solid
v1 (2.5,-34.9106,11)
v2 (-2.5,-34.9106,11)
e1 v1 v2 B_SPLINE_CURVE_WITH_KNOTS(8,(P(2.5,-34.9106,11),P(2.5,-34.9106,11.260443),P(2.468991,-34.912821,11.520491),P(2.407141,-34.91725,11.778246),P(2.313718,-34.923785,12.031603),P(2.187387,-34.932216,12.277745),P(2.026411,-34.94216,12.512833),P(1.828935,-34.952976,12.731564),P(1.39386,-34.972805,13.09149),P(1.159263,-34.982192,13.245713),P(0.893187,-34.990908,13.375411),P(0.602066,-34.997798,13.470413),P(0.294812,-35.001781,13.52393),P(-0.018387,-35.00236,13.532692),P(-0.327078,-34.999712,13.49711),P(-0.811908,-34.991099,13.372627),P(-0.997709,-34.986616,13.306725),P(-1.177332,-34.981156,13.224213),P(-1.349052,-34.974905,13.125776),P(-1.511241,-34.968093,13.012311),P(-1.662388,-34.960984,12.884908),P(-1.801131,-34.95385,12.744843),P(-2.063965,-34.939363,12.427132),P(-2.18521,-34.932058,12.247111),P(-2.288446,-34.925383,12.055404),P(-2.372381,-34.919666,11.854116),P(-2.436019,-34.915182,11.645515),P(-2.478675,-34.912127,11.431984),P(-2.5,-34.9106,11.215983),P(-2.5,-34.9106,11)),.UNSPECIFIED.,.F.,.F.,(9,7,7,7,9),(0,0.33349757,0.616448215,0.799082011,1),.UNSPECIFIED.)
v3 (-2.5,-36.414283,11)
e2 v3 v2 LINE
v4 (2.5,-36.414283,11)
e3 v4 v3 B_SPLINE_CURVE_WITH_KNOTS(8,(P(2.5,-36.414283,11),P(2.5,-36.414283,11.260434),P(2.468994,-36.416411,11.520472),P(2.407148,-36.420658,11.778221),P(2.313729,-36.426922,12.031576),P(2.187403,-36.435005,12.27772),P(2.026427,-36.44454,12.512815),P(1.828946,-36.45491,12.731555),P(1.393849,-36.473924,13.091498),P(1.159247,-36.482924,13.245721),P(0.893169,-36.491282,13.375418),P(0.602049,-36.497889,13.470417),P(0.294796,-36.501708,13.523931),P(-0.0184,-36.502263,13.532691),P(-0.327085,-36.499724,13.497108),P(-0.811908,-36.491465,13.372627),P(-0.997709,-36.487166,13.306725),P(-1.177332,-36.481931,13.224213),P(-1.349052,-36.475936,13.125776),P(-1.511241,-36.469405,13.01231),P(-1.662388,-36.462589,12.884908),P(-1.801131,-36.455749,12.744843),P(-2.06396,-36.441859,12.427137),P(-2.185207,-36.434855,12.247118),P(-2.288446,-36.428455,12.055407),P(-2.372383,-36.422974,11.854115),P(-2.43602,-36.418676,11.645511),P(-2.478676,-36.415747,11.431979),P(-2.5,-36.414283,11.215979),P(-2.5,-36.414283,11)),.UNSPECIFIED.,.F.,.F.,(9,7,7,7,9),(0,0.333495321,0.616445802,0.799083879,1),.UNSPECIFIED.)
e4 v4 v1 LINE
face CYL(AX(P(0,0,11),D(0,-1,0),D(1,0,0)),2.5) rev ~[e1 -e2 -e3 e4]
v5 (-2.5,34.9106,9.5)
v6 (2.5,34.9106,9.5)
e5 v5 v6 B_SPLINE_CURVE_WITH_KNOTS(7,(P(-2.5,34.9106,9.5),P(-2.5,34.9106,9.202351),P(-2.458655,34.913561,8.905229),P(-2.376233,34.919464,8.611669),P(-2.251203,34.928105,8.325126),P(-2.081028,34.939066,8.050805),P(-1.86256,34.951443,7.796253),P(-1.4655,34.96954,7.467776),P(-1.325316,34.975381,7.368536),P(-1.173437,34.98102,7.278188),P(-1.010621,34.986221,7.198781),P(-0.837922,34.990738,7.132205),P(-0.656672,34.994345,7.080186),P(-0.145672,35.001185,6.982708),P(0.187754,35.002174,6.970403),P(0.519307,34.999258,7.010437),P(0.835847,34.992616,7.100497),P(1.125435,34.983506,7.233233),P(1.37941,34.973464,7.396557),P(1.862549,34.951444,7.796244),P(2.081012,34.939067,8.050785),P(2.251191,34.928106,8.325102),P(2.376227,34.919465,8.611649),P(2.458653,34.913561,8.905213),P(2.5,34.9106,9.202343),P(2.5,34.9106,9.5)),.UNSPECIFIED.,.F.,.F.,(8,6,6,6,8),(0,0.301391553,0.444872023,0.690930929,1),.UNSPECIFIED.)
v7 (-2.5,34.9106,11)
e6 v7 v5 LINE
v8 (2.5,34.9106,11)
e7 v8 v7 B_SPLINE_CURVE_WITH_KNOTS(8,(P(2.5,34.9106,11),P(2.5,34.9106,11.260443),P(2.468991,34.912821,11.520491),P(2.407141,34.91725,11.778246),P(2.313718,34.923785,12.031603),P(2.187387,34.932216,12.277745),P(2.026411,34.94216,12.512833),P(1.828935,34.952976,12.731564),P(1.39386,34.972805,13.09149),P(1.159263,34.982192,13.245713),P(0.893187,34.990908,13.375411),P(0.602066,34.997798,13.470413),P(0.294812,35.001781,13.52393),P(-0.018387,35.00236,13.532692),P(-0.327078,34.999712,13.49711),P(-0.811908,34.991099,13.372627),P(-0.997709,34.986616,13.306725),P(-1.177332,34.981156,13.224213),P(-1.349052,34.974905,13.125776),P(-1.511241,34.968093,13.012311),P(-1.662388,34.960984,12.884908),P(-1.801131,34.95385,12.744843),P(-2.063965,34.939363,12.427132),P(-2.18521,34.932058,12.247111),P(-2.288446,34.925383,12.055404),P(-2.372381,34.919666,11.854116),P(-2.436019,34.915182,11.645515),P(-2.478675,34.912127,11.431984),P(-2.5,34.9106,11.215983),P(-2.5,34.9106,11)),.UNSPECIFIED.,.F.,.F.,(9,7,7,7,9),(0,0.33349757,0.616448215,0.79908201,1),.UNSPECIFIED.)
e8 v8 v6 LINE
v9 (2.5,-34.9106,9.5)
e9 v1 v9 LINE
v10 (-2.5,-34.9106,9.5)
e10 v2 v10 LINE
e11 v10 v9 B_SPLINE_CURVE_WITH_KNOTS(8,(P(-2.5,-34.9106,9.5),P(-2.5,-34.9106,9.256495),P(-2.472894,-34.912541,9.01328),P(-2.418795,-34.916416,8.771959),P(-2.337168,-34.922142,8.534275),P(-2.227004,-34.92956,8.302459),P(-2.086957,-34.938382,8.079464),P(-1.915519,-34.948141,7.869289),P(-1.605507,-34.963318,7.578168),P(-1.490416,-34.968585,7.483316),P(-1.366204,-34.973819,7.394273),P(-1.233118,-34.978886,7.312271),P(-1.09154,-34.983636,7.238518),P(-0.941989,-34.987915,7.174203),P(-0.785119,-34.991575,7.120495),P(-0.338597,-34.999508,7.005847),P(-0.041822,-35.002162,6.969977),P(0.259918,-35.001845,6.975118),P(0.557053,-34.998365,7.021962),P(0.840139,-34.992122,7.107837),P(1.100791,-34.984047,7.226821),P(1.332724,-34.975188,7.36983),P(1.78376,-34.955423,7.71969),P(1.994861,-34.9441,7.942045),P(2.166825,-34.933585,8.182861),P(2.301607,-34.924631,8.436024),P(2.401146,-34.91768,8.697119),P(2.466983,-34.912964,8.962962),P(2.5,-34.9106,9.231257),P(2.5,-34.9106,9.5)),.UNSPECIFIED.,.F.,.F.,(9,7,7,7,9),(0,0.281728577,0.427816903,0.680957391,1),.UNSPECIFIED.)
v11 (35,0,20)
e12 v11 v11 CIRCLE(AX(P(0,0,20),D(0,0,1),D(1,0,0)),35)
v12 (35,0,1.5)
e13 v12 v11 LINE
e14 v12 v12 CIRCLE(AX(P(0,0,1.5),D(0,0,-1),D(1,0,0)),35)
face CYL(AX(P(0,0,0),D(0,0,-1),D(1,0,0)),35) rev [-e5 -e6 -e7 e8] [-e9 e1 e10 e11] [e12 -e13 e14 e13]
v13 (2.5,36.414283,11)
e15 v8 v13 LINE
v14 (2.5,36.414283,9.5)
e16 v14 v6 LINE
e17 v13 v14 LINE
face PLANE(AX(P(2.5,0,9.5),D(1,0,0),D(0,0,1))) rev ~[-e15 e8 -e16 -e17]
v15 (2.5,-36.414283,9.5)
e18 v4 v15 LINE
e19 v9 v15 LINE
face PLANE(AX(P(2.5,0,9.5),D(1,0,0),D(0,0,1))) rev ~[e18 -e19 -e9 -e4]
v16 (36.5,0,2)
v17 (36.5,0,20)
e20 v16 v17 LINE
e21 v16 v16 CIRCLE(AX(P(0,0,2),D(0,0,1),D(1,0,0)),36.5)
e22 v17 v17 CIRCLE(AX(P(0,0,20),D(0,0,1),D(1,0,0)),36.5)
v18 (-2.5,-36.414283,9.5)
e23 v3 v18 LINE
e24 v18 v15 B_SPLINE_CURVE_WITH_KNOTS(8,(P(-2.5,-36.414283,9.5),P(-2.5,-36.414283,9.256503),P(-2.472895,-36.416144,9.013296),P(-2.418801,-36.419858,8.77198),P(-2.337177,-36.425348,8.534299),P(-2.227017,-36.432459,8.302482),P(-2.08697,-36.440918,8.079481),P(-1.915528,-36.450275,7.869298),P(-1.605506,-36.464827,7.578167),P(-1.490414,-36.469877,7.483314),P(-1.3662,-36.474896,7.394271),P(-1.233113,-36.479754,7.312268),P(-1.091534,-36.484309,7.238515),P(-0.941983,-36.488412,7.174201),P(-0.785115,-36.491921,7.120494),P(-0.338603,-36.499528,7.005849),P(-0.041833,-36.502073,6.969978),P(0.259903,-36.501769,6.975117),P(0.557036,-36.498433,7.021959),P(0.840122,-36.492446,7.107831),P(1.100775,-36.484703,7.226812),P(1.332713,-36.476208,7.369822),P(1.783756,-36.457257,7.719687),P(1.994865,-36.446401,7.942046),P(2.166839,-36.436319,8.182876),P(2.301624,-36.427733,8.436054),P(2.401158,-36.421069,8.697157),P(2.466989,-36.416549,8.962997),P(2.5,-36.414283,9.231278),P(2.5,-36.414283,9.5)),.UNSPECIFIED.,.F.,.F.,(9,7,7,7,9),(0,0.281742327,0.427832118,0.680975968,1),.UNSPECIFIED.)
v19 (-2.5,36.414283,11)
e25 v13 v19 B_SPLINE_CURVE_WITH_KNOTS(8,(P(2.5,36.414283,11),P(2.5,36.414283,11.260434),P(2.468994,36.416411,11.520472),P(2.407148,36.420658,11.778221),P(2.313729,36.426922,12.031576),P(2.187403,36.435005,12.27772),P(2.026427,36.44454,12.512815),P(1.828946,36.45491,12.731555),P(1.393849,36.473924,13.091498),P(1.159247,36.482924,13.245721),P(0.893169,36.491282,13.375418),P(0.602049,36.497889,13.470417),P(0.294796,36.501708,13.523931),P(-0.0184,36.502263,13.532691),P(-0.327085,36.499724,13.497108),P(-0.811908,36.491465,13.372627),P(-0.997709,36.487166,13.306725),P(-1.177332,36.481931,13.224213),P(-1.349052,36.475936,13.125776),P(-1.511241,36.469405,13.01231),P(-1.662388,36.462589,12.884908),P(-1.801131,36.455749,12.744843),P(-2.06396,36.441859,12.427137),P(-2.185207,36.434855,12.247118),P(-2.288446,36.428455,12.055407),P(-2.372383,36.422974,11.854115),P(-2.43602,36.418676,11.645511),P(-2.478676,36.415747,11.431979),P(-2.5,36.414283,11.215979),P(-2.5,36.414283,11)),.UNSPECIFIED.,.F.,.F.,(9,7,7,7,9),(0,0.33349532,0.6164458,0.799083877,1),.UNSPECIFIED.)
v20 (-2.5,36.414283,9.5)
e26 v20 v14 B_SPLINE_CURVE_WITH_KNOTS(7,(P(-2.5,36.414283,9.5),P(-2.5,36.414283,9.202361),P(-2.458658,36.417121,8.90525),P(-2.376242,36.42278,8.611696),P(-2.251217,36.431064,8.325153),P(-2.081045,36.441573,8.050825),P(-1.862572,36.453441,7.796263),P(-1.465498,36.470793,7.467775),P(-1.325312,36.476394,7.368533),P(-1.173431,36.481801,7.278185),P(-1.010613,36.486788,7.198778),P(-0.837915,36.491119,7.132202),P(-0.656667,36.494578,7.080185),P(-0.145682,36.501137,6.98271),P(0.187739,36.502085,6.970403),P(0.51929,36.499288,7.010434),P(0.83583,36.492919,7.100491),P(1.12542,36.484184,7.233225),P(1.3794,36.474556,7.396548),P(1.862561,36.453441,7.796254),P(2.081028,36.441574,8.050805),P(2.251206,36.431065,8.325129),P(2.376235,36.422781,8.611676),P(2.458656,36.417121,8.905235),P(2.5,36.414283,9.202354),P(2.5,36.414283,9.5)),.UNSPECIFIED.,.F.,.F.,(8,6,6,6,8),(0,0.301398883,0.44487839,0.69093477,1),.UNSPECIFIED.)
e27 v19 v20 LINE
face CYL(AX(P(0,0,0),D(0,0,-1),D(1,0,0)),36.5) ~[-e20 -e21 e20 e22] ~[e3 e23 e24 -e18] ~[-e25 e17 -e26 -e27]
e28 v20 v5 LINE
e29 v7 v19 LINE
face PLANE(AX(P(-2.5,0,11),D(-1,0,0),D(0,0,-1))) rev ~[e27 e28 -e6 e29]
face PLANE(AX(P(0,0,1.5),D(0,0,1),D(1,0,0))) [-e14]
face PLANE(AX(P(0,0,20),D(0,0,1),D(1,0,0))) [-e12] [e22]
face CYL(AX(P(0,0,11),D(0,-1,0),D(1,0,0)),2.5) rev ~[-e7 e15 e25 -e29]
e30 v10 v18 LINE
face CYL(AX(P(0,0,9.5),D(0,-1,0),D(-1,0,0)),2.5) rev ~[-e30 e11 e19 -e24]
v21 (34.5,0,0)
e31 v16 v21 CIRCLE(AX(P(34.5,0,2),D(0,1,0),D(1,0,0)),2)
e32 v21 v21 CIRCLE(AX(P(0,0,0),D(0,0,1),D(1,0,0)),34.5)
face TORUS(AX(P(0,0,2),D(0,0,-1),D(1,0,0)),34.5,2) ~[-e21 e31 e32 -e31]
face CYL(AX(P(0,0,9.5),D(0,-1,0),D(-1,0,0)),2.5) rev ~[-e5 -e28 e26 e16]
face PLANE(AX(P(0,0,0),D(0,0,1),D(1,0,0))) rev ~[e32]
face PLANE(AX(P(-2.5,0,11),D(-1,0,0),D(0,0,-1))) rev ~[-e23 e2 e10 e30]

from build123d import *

# Parameters (mm, degrees)
F0_R     = 36.5
F1_DEPTH = 20
F2_T     = -1.5
F3_R     = 2
F5_DEPTH = 50


with BuildPart() as f1:
    # F0 (on Top) → F1 (new body)
    with BuildSketch(Plane.XY):
        Circle(F0_R)
    extrude(amount=F1_DEPTH)

    # F2
    f2_openings = [f1.faces().sort_by_distance(p)[0] for p in [
        (0, 0, 20),
    ]]
    offset(amount=F2_T, openings=f2_openings)

    # F3
    f3_edges = [f1.edges().sort_by_distance(p)[0] for p in [
        (-36.5, 0, 0),
    ]]
    fillet(f3_edges, radius=F3_R)

    # F4 (on Front) → F5 (cut, symmetric)
    with BuildSketch(Plane.XZ):
        with BuildLine():
            Line((-2.5, 11), (-2.5, 9.5))
            ThreePointArc((-2.5, 9.5), (0, 7), (2.5, 9.5))
            Line((2.5, 9.5), (2.5, 11))
            ThreePointArc((2.5, 11), (0, 13.5), (-2.5, 11))
        make_face()
    extrude(amount=F5_DEPTH, both=True, mode=Mode.SUBTRACT)


solid = f1.part
